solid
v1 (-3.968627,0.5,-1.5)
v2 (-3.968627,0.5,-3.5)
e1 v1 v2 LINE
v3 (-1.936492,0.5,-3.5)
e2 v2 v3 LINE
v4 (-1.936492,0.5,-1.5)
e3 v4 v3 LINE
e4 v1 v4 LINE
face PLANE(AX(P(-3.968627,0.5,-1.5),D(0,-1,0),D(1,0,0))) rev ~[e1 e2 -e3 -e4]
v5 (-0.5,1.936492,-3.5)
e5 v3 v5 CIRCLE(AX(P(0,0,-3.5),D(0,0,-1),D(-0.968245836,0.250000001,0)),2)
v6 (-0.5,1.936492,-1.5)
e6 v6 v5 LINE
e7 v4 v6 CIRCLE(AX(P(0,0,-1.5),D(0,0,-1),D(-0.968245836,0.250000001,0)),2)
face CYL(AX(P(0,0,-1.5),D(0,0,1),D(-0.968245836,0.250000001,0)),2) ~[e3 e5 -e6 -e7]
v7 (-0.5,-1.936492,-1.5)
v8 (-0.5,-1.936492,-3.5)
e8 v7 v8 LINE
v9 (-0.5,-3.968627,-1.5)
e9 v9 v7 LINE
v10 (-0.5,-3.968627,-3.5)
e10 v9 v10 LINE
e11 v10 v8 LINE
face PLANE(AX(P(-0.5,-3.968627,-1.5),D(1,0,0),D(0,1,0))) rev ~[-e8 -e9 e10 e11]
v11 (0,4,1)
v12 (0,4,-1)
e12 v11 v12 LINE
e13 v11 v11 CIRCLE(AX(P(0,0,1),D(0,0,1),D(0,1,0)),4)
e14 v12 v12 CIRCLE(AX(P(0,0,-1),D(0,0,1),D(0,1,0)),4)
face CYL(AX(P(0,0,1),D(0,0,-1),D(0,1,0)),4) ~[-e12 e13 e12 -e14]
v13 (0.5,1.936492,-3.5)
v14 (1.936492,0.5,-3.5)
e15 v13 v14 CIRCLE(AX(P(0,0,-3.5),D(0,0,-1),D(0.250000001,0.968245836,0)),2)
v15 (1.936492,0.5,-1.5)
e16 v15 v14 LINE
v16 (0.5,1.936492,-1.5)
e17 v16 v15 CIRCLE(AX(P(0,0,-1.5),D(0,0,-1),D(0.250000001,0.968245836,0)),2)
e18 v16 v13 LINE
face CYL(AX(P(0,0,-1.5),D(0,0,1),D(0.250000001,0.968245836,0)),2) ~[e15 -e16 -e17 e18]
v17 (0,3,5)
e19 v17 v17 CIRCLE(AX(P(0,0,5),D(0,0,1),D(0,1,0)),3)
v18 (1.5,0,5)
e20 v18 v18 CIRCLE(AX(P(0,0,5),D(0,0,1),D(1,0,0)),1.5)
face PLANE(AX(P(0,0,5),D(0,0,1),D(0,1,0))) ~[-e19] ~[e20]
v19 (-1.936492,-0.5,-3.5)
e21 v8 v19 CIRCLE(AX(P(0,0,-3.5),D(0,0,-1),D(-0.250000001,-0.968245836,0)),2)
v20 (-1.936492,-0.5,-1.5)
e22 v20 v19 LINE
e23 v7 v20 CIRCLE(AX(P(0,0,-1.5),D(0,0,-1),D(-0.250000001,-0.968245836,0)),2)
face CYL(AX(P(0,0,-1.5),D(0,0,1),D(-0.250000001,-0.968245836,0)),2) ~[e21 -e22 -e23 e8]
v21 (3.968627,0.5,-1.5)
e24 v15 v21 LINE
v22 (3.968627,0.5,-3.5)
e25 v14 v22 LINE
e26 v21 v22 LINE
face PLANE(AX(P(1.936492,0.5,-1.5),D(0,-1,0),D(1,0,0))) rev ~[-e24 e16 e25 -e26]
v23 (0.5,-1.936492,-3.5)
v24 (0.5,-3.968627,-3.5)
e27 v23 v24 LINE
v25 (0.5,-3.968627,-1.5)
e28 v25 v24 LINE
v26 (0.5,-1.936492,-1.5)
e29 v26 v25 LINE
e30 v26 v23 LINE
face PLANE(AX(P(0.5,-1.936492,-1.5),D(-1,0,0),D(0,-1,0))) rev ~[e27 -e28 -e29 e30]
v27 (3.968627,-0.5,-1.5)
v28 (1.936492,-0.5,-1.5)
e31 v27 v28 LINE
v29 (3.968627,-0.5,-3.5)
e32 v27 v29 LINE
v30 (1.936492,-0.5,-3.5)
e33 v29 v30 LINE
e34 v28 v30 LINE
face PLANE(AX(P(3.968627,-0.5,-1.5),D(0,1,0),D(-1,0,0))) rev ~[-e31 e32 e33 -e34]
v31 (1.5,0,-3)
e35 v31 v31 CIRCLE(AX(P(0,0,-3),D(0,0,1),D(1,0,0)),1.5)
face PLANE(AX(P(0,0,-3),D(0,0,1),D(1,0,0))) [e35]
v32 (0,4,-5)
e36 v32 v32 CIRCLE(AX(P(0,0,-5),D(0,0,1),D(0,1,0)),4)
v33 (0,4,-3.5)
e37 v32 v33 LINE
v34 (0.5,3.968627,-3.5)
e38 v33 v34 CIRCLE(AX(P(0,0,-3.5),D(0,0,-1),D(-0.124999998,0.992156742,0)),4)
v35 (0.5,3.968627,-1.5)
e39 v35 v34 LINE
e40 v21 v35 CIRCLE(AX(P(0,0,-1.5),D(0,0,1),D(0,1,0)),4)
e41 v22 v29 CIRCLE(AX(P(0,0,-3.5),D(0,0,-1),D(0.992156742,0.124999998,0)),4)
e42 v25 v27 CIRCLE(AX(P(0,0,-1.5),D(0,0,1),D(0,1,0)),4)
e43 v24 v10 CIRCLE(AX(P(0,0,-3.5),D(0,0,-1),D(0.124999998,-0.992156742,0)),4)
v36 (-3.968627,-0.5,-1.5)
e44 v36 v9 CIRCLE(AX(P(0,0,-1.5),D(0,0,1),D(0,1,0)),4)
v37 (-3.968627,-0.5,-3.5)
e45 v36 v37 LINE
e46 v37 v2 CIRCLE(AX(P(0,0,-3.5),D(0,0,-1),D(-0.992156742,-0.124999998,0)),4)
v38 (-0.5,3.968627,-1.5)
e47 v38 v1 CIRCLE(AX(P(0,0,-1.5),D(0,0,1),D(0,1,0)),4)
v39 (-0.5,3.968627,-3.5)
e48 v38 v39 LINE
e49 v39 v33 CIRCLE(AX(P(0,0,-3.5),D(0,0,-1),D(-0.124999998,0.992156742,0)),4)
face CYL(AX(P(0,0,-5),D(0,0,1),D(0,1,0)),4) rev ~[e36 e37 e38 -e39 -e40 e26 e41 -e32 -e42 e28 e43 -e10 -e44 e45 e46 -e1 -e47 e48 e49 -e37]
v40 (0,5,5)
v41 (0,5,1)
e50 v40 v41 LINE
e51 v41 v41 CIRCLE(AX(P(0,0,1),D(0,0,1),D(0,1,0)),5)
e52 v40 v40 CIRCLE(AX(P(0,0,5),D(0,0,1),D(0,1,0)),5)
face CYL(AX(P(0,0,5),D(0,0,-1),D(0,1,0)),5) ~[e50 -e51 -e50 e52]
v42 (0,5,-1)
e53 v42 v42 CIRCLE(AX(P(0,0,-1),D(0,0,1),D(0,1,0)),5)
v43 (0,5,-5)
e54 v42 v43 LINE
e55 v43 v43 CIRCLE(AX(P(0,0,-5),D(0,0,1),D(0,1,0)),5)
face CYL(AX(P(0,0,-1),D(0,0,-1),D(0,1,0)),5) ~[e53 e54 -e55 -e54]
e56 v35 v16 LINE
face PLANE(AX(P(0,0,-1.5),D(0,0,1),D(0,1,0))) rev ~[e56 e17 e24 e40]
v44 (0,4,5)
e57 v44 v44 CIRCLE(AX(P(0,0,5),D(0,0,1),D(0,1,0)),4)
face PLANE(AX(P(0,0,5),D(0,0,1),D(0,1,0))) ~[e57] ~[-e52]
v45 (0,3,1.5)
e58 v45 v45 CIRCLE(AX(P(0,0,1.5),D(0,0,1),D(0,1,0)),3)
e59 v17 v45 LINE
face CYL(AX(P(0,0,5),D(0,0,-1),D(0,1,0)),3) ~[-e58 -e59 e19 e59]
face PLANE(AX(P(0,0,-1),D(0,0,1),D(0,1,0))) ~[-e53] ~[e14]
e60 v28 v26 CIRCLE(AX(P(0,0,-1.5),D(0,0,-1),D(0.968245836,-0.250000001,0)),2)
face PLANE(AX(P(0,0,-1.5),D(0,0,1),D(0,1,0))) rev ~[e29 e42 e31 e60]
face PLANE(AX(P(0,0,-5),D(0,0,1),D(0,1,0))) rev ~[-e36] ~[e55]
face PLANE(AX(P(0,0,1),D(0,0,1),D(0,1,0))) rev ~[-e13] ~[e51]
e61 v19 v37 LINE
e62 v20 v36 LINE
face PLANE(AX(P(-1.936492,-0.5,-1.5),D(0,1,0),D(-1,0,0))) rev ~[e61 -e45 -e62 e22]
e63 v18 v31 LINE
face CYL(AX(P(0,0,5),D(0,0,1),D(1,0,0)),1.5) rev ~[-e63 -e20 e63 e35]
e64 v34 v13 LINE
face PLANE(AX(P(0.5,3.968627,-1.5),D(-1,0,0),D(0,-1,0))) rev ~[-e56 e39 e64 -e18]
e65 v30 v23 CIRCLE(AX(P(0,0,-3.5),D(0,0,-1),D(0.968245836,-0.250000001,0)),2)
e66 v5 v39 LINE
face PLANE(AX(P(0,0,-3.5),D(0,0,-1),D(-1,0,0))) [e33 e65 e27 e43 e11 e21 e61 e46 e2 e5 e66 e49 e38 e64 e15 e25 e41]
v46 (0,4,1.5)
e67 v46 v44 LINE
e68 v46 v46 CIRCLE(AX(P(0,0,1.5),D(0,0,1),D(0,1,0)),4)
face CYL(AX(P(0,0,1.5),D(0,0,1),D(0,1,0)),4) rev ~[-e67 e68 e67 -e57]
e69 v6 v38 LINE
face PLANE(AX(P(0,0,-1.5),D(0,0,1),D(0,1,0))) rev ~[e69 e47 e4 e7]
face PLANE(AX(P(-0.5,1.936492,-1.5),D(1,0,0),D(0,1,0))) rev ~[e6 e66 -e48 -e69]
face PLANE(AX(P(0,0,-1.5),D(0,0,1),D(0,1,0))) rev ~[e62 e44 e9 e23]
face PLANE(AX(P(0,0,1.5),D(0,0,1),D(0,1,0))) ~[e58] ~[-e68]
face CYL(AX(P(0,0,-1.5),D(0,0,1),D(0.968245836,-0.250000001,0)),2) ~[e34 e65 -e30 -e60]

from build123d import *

# Parameters (mm, degrees)
BOSS_EXTRUDE1_DEPTH = 2
SKETCH3_R           = 1.5
CUT_EXTRUDE1_DEPTH  = 8


with BuildPart() as part:
    # Sketch1 → Revolve1 (revolve)
    with BuildSketch(Plane(origin=(0, 0, 0), x_dir=(0, 0, -1), z_dir=(1, 0, 0))):
        Polygon((0, 0), (-5, 0), (-5, 3), (-1.5, 3), (-1.5, 4), (-5, 4), (-5, 5), (-1, 5), (-1, 4), (1, 4), (1, 5), (5, 5), (5, 4), (1.5, 4), (1.5, 0), align=None)
    revolve(axis=Axis((0, 0, 0), (0, 0, 1)))

    # Sketch2 → Boss-Extrude1 (add)
    with BuildSketch(Plane(origin=(0, 0, -1.5), x_dir=(-1, 0, 0), z_dir=(0, 0, -1))):
        with BuildLine():
            Line((0.5, 1.936491673), (0.5, 3.968626967))
            ThreePointArc((0.5, 3.968626967), (0, 4), (-0.5, 3.968626967))
            Line((-0.5, 3.968626967), (-0.5, 1.936491673))
            ThreePointArc((-0.5, 1.936491673), (-1.414213562, 1.414213562), (-1.936491673, 0.5))
            Line((-1.936491673, 0.5), (-3.968626967, 0.5))
            ThreePointArc((-3.968626967, 0.5), (-4, 0), (-3.968626967, -0.5))
            Line((-3.968626967, -0.5), (-1.936491673, -0.5))
            ThreePointArc((-1.936491673, -0.5), (-1.414213562, -1.414213562), (-0.5, -1.936491673))
            Line((-0.5, -1.936491673), (-0.5, -3.968626967))
            ThreePointArc((-0.5, -3.968626967), (0, -4), (0.5, -3.968626967))
            Line((0.5, -3.968626967), (0.5, -1.936491673))
            ThreePointArc((0.5, -1.936491673), (1.414213562, -1.414213562), (1.936491673, -0.5))
            Line((1.936491673, -0.5), (3.968626967, -0.5))
            ThreePointArc((3.968626967, -0.5), (4, 0), (3.968626967, 0.5))
            Line((3.968626967, 0.5), (1.936491673, 0.5))
            ThreePointArc((1.936491673, 0.5), (1.414213562, 1.414213562), (0.5, 1.936491673))
        make_face()
    extrude(amount=BOSS_EXTRUDE1_DEPTH)

    # Sketch3 → Cut-Extrude1 (cut)
    with BuildSketch(Plane.XY.offset(5)):
        Circle(SKETCH3_R)
    extrude(amount=-CUT_EXTRUDE1_DEPTH, mode=Mode.SUBTRACT)


solid = part.part
